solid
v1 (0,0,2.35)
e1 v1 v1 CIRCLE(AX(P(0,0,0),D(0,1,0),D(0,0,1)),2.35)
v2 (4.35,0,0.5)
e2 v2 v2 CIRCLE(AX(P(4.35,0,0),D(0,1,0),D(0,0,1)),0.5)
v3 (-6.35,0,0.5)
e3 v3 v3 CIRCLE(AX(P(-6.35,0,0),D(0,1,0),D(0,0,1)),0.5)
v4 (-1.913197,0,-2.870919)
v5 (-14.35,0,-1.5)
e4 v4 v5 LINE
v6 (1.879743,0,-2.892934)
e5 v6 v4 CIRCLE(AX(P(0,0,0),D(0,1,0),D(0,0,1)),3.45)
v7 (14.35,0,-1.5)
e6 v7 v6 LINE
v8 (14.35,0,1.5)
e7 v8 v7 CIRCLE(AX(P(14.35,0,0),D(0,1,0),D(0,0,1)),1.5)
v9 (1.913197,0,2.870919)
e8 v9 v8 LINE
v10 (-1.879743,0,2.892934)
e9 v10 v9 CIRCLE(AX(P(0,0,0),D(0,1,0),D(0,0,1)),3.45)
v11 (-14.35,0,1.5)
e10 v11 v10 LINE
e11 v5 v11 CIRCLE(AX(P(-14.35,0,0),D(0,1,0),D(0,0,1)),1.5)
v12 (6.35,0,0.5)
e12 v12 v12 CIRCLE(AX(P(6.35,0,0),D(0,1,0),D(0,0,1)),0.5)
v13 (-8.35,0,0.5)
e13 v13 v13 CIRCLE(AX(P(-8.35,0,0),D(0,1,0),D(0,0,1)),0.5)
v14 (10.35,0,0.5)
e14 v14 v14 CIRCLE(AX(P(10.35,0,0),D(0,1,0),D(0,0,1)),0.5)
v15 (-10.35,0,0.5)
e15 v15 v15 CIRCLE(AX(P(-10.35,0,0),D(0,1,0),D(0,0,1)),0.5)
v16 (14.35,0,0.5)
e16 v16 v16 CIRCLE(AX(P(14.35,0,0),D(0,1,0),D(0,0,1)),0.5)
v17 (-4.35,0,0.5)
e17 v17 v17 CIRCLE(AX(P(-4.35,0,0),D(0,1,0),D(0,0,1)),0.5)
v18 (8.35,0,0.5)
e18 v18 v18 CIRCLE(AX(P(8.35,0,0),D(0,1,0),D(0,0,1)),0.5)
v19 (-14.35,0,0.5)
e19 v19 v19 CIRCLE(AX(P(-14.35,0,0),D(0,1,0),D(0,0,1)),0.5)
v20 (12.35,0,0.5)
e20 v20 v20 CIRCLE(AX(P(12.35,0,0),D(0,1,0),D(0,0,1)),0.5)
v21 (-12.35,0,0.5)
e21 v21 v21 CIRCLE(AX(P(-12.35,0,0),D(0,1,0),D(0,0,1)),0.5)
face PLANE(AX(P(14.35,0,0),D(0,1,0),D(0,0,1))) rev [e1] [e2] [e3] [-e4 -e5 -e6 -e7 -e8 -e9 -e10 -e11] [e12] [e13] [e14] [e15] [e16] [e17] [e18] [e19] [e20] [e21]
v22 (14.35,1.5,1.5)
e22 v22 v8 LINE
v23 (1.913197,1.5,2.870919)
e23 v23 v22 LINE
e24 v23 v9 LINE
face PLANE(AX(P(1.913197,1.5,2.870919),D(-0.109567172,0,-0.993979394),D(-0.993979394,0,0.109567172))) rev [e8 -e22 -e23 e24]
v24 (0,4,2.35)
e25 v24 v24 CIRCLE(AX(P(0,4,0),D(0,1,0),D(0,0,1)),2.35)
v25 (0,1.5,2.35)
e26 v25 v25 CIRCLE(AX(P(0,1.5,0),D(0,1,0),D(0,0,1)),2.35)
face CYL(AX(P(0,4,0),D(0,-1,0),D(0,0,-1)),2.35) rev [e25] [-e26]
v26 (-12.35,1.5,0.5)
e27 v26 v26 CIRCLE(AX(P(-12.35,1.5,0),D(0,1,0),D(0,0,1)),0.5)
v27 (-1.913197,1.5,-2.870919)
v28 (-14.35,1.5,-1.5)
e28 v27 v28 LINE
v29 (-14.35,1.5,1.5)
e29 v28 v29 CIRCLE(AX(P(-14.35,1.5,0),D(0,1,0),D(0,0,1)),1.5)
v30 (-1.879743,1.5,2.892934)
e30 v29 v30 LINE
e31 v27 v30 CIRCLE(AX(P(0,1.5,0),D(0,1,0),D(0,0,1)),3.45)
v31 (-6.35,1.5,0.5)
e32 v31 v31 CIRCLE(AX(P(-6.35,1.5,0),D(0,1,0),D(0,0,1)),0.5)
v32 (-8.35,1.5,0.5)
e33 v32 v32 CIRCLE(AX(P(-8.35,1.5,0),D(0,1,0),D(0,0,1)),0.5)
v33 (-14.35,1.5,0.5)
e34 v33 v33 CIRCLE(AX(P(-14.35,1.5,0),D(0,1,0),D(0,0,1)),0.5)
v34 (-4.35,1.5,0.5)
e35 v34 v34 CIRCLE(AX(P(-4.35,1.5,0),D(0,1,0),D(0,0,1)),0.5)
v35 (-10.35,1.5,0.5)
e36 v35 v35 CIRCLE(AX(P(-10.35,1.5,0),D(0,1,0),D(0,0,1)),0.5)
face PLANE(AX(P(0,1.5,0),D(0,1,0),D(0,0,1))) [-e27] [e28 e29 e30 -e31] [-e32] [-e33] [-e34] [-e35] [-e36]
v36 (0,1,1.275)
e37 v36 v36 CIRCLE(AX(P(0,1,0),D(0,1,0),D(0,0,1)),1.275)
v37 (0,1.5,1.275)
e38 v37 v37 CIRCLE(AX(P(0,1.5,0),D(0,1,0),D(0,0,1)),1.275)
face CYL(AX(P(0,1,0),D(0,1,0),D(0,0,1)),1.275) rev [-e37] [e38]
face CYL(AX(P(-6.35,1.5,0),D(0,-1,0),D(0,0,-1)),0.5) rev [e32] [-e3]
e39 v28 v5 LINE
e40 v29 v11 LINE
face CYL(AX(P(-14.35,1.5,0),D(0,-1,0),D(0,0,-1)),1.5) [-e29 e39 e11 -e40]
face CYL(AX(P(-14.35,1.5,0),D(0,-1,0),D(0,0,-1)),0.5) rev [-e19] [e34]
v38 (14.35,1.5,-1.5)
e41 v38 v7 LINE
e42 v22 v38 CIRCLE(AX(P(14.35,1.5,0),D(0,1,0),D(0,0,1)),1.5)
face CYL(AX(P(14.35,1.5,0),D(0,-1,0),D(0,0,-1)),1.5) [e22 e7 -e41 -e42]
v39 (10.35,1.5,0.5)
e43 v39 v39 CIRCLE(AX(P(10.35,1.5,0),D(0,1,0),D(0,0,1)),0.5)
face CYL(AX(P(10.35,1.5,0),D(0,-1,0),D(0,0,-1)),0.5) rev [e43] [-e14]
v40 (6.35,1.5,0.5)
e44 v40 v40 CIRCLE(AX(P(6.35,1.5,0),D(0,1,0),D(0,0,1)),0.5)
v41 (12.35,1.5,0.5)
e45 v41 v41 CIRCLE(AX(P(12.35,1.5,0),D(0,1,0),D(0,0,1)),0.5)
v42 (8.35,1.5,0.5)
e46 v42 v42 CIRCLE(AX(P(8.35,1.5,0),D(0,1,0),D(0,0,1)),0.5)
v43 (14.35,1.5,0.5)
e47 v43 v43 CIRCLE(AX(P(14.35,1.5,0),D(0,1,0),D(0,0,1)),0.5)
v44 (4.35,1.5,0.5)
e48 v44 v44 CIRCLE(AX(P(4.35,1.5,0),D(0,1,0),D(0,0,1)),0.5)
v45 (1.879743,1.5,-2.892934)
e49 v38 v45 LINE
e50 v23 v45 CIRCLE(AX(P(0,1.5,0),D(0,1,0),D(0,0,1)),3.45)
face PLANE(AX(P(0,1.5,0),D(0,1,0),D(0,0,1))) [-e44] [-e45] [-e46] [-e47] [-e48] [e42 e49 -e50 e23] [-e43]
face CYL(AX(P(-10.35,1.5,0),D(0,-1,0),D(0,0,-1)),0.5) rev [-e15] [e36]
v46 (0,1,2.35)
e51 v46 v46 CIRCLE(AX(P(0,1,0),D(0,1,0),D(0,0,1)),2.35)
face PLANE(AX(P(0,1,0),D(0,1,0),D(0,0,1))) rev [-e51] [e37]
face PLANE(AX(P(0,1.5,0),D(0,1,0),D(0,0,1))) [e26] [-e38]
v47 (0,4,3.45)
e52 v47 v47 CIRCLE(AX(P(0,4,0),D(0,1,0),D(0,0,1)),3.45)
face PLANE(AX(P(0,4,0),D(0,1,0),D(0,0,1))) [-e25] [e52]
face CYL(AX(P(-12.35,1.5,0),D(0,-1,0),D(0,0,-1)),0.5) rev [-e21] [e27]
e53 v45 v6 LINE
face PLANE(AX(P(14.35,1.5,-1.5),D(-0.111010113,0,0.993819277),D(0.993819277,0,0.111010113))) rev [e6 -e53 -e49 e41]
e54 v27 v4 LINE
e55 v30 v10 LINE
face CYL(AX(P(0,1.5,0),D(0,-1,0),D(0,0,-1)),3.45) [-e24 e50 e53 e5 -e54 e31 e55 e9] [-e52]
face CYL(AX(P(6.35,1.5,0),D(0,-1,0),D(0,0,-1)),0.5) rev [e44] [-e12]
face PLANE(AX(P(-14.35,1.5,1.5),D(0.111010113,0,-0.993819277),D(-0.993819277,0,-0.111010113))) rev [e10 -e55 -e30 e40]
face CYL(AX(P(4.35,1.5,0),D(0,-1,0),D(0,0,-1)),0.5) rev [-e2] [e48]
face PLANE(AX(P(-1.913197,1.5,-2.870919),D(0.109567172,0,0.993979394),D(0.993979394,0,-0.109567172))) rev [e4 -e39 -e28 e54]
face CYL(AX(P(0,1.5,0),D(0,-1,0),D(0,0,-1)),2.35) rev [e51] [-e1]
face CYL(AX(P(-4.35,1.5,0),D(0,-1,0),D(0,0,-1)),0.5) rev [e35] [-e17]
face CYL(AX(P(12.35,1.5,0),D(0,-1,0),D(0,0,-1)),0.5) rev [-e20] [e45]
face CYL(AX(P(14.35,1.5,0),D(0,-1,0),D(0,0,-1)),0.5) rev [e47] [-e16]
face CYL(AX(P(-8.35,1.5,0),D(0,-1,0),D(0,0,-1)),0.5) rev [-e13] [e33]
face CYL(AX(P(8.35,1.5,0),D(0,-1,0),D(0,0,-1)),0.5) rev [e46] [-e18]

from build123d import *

# Parameters (mm, degrees)
SKETCH2_R           = 2.35
SKETCH2_R_2         = 1.275
BOSS_EXTRUDE3_DEPTH = 0.5
SKETCH2_7_R         = 3.45
SKETCH2_7_R_2       = 2.35
BOSS_EXTRUDE5_DEPTH = 2.5
BOSS_EXTRUDE6_START = 1.5
SKETCH1_R           = 2.35
SKETCH1_R_2         = 0.5
BOSS_EXTRUDE6_DEPTH = 1.5


with BuildPart() as part:
    # Sketch2 → Boss-Extrude3 (new body)
    with BuildSketch(Plane(origin=(0, 1.5, 0), x_dir=(1, 0, 0), z_dir=(0, 1, 0))):
        Circle(SKETCH2_R)
        Circle(SKETCH2_R_2, mode=Mode.SUBTRACT)
    extrude(amount=-BOSS_EXTRUDE3_DEPTH)



with BuildPart() as body_2:
    # Sketch2<7> → Boss-Extrude5 (new body)
    with BuildSketch(Plane(origin=(0, 1.5, 0), x_dir=(1, 0, 0), z_dir=(0, 1, 0))):
        Circle(SKETCH2_7_R)
        Circle(SKETCH2_7_R_2, mode=Mode.SUBTRACT)
    extrude(amount=BOSS_EXTRUDE5_DEPTH)


with BuildPart() as part_1:
    add(part.part)

    add(body_2.part)  # Boss-Extrude6 merges body 2
    # Sketch1 → Boss-Extrude6 (add)
    with BuildSketch(Plane(origin=(0, 0, 0), x_dir=(1, 0, 0), z_dir=(0, 1, 0)).offset(BOSS_EXTRUDE6_START)):
        with BuildLine():
            Line((14.35, 1.5), (1.879742768, 2.892933999))
            ThreePointArc((1.879742768, 2.892933999), (-0.020024107, 3.449941889), (-1.913197247, 2.870919068))
            Line((-1.913197247, 2.870919068), (-14.35, 1.5))
            ThreePointArc((-14.35, 1.5), (-15.85, 0), (-14.35, -1.5))
            Line((-14.35, -1.5), (-1.879742768, -2.892933999))
            ThreePointArc((-1.879742768, -2.892933999), (0.020024107, -3.449941889), (1.913197247, -2.870919068))
            Line((1.913197247, -2.870919068), (14.35, -1.5))
            ThreePointArc((14.35, -1.5), (15.85, 0), (14.35, 1.5))
        make_face()
        Circle(SKETCH1_R, mode=Mode.SUBTRACT)
        with Locations((12.35, 0)):
            Circle(SKETCH1_R_2, mode=Mode.SUBTRACT)
        with Locations((14.35, 0)):
            Circle(SKETCH1_R_2, mode=Mode.SUBTRACT)
        with Locations((10.35, 0)):
            Circle(SKETCH1_R_2, mode=Mode.SUBTRACT)
        with Locations((8.35, 0)):
            Circle(SKETCH1_R_2, mode=Mode.SUBTRACT)
        with Locations((6.35, 0)):
            Circle(SKETCH1_R_2, mode=Mode.SUBTRACT)
        with Locations((4.35, 0)):
            Circle(SKETCH1_R_2, mode=Mode.SUBTRACT)
        with Locations((-12.35, 0)):
            Circle(SKETCH1_R_2, mode=Mode.SUBTRACT)
        with Locations((-14.35, 0)):
            Circle(SKETCH1_R_2, mode=Mode.SUBTRACT)
        with Locations((-10.35, 0)):
            Circle(SKETCH1_R_2, mode=Mode.SUBTRACT)
        with Locations((-8.35, 0)):
            Circle(SKETCH1_R_2, mode=Mode.SUBTRACT)
        with Locations((-6.35, 0)):
            Circle(SKETCH1_R_2, mode=Mode.SUBTRACT)
        with Locations((-4.35, 0)):
            Circle(SKETCH1_R_2, mode=Mode.SUBTRACT)
    extrude(amount=-BOSS_EXTRUDE6_DEPTH)


solid = part_1.part
